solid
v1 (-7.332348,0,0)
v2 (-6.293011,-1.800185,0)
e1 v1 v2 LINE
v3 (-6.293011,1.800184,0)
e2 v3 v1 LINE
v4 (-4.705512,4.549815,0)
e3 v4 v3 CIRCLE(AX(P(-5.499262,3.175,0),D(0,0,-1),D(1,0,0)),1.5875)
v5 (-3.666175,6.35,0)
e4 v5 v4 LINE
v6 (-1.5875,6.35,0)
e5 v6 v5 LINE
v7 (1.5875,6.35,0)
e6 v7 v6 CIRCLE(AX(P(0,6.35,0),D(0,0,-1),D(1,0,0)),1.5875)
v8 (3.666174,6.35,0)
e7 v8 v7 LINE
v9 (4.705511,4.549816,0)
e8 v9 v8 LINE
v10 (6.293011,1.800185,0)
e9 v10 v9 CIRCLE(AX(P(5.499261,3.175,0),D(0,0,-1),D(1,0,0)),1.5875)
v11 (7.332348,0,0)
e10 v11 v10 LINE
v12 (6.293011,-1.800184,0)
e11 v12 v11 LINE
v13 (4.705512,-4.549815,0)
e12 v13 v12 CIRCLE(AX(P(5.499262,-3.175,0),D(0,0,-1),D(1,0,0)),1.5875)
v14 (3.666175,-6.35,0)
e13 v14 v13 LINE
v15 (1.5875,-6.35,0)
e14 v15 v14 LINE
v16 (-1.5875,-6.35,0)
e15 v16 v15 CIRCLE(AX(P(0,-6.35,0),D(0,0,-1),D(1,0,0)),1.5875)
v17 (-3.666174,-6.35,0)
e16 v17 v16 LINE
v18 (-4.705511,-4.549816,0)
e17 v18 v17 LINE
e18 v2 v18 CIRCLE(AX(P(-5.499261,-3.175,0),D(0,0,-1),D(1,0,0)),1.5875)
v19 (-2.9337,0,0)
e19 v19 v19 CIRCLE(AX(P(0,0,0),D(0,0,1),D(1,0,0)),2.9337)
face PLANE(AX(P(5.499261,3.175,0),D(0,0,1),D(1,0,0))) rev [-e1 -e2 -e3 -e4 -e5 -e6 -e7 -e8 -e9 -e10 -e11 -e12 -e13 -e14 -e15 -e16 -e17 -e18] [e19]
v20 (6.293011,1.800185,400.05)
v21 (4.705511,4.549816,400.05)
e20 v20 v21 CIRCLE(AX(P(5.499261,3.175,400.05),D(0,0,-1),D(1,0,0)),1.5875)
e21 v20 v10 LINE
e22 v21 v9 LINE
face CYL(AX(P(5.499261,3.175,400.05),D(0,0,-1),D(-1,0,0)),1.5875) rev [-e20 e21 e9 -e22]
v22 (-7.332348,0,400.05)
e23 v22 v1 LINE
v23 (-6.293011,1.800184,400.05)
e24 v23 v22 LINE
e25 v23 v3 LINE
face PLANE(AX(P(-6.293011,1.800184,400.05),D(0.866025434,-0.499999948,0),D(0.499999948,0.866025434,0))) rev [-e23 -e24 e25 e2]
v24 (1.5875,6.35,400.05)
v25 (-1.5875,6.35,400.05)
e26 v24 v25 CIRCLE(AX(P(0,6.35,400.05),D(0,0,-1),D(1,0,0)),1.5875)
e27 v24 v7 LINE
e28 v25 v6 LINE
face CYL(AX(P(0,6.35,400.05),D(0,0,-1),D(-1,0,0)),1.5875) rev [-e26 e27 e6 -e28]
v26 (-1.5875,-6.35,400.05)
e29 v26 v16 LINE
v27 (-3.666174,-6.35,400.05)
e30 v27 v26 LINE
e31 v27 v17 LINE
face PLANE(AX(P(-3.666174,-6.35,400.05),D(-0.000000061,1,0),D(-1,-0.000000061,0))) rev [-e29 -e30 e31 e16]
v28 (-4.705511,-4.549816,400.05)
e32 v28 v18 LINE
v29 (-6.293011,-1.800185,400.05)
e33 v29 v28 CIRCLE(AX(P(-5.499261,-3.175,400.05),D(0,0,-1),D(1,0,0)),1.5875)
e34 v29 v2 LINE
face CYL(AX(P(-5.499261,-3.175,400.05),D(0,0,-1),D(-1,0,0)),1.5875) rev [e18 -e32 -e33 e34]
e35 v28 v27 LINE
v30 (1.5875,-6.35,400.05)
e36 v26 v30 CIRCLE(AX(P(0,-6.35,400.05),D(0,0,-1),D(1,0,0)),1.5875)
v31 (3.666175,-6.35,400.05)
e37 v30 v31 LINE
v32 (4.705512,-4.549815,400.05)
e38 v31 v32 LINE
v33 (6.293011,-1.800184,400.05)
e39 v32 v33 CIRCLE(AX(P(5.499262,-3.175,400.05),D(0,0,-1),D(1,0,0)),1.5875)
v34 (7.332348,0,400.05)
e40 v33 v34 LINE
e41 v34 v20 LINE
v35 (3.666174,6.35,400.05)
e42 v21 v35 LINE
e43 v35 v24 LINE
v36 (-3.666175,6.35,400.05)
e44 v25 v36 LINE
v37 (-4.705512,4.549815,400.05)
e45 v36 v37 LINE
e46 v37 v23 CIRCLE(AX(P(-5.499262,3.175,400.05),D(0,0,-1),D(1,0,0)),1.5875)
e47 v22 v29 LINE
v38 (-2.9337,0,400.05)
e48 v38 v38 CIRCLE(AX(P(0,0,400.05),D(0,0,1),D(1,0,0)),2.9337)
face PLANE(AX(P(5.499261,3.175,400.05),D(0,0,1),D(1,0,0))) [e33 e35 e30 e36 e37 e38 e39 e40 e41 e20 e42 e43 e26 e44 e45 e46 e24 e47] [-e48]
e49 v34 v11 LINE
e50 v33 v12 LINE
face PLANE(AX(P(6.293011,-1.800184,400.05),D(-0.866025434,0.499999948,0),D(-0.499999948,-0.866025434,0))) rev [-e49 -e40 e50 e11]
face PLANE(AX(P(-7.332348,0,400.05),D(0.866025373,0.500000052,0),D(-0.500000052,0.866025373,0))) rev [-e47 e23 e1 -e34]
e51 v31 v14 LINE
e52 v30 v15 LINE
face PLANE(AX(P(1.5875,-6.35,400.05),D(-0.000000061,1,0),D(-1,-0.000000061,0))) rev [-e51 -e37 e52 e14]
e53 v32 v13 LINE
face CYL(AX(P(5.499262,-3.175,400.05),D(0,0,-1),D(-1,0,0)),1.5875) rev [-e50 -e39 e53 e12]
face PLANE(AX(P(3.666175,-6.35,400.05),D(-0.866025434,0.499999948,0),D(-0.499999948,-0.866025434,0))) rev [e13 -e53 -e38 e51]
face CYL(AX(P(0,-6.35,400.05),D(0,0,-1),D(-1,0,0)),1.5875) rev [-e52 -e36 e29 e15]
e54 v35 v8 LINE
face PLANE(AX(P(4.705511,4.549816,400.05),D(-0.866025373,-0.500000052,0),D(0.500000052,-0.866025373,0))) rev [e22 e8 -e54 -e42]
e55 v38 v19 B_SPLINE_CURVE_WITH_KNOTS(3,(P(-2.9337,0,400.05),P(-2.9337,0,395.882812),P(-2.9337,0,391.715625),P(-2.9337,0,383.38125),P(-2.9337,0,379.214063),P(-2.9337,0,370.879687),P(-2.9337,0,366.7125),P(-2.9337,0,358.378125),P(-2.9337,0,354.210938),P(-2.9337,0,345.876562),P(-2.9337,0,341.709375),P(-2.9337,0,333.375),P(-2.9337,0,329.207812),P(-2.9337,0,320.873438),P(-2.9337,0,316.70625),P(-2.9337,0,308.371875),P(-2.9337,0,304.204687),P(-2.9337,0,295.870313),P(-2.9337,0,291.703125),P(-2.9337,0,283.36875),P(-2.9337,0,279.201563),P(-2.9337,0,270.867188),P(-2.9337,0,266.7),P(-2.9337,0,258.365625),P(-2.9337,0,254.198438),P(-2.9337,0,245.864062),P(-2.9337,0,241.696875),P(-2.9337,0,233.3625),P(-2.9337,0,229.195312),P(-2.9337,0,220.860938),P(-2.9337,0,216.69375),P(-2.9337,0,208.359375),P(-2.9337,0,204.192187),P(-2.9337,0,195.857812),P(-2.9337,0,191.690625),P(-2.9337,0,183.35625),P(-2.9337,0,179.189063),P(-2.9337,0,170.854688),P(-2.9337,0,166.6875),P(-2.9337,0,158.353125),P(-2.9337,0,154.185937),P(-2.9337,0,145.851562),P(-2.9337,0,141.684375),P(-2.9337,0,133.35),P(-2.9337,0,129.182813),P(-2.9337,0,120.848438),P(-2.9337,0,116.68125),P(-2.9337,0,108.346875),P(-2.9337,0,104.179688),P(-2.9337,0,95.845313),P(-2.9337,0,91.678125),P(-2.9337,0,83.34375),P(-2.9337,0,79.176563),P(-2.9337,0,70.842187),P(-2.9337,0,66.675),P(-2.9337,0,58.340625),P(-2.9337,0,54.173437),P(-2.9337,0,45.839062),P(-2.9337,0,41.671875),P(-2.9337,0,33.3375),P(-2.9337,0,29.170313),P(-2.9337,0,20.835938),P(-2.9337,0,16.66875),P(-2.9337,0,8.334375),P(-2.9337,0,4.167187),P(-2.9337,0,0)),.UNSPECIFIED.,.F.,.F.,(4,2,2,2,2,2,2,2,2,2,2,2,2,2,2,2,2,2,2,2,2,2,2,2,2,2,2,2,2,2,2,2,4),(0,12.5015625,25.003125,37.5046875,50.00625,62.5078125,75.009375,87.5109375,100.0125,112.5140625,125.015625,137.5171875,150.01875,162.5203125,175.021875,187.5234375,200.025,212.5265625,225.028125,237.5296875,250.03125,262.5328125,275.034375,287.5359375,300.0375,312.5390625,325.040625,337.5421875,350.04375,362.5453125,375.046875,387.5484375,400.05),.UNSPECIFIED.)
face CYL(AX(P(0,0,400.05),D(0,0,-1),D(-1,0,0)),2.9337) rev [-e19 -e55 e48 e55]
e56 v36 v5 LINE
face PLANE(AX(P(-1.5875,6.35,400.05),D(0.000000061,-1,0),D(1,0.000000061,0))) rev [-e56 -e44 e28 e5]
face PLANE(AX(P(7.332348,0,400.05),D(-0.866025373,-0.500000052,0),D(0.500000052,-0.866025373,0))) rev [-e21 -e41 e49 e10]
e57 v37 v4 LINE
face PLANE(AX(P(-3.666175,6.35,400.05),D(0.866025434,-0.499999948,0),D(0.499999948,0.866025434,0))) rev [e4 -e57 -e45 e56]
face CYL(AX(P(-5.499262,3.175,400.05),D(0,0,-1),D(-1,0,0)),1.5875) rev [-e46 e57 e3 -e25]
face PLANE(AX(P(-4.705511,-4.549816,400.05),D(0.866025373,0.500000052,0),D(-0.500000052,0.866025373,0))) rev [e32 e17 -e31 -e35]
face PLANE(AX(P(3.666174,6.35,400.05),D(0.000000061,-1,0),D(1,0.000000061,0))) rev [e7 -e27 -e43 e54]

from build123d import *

# Parameters (mm, degrees)
SKETCH1_R           = 2.9337
BOSS_EXTRUDE1_DEPTH = 400.05


with BuildPart() as part:
    # Sketch1 → Boss-Extrude1 (new body)
    with BuildSketch(Plane.XY):
        with BuildLine():
            Line((-1.587500385, 6.349999904), (-3.666174594, 6.349999778))
            Line((-3.666174594, 6.349999778), (-4.70551159, 4.549815043))
            ThreePointArc((-4.70551159, 4.549815043), (-4.12444613, 2.38124975), (-6.293011423, 1.80018429))
            Line((-6.293011423, 1.80018429), (-7.332348419, -4.44e-07))
            Line((-7.332348419, -4.44e-07), (-6.293011205, -1.800185053))
            ThreePointArc((-6.293011205, -1.800185053), (-4.124445841, -2.38125025), (-4.705511038, -4.549815614))
            Line((-4.705511038, -4.549815614), (-3.666173825, -6.350000222))
            Line((-3.666173825, -6.350000222), (-1.587499615, -6.350000096))
            ThreePointArc((-1.587499615, -6.350000096), (2.89e-07, -4.7625), (1.587500385, -6.349999904))
            Line((1.587500385, -6.349999904), (3.666174594, -6.349999778))
            Line((3.666174594, -6.349999778), (4.70551159, -4.549815043))
            ThreePointArc((4.70551159, -4.549815043), (4.12444613, -2.38124975), (6.293011423, -1.80018429))
            Line((6.293011423, -1.80018429), (7.332348419, 4.44e-07))
            Line((7.332348419, 4.44e-07), (6.293011205, 1.800185053))
            ThreePointArc((6.293011205, 1.800185053), (4.124445841, 2.38125025), (4.705511038, 4.549815614))
            Line((4.705511038, 4.549815614), (3.666173825, 6.350000222))
            Line((3.666173825, 6.350000222), (1.587499615, 6.350000096))
            ThreePointArc((1.587499615, 6.350000096), (-2.89e-07, 4.7625), (-1.587500385, 6.349999904))
        make_face()
        with Locations(Location((0, 0, 0), (0, 0, 180))):
            Circle(SKETCH1_R, mode=Mode.SUBTRACT)
    extrude(amount=BOSS_EXTRUDE1_DEPTH)


solid = part.part
